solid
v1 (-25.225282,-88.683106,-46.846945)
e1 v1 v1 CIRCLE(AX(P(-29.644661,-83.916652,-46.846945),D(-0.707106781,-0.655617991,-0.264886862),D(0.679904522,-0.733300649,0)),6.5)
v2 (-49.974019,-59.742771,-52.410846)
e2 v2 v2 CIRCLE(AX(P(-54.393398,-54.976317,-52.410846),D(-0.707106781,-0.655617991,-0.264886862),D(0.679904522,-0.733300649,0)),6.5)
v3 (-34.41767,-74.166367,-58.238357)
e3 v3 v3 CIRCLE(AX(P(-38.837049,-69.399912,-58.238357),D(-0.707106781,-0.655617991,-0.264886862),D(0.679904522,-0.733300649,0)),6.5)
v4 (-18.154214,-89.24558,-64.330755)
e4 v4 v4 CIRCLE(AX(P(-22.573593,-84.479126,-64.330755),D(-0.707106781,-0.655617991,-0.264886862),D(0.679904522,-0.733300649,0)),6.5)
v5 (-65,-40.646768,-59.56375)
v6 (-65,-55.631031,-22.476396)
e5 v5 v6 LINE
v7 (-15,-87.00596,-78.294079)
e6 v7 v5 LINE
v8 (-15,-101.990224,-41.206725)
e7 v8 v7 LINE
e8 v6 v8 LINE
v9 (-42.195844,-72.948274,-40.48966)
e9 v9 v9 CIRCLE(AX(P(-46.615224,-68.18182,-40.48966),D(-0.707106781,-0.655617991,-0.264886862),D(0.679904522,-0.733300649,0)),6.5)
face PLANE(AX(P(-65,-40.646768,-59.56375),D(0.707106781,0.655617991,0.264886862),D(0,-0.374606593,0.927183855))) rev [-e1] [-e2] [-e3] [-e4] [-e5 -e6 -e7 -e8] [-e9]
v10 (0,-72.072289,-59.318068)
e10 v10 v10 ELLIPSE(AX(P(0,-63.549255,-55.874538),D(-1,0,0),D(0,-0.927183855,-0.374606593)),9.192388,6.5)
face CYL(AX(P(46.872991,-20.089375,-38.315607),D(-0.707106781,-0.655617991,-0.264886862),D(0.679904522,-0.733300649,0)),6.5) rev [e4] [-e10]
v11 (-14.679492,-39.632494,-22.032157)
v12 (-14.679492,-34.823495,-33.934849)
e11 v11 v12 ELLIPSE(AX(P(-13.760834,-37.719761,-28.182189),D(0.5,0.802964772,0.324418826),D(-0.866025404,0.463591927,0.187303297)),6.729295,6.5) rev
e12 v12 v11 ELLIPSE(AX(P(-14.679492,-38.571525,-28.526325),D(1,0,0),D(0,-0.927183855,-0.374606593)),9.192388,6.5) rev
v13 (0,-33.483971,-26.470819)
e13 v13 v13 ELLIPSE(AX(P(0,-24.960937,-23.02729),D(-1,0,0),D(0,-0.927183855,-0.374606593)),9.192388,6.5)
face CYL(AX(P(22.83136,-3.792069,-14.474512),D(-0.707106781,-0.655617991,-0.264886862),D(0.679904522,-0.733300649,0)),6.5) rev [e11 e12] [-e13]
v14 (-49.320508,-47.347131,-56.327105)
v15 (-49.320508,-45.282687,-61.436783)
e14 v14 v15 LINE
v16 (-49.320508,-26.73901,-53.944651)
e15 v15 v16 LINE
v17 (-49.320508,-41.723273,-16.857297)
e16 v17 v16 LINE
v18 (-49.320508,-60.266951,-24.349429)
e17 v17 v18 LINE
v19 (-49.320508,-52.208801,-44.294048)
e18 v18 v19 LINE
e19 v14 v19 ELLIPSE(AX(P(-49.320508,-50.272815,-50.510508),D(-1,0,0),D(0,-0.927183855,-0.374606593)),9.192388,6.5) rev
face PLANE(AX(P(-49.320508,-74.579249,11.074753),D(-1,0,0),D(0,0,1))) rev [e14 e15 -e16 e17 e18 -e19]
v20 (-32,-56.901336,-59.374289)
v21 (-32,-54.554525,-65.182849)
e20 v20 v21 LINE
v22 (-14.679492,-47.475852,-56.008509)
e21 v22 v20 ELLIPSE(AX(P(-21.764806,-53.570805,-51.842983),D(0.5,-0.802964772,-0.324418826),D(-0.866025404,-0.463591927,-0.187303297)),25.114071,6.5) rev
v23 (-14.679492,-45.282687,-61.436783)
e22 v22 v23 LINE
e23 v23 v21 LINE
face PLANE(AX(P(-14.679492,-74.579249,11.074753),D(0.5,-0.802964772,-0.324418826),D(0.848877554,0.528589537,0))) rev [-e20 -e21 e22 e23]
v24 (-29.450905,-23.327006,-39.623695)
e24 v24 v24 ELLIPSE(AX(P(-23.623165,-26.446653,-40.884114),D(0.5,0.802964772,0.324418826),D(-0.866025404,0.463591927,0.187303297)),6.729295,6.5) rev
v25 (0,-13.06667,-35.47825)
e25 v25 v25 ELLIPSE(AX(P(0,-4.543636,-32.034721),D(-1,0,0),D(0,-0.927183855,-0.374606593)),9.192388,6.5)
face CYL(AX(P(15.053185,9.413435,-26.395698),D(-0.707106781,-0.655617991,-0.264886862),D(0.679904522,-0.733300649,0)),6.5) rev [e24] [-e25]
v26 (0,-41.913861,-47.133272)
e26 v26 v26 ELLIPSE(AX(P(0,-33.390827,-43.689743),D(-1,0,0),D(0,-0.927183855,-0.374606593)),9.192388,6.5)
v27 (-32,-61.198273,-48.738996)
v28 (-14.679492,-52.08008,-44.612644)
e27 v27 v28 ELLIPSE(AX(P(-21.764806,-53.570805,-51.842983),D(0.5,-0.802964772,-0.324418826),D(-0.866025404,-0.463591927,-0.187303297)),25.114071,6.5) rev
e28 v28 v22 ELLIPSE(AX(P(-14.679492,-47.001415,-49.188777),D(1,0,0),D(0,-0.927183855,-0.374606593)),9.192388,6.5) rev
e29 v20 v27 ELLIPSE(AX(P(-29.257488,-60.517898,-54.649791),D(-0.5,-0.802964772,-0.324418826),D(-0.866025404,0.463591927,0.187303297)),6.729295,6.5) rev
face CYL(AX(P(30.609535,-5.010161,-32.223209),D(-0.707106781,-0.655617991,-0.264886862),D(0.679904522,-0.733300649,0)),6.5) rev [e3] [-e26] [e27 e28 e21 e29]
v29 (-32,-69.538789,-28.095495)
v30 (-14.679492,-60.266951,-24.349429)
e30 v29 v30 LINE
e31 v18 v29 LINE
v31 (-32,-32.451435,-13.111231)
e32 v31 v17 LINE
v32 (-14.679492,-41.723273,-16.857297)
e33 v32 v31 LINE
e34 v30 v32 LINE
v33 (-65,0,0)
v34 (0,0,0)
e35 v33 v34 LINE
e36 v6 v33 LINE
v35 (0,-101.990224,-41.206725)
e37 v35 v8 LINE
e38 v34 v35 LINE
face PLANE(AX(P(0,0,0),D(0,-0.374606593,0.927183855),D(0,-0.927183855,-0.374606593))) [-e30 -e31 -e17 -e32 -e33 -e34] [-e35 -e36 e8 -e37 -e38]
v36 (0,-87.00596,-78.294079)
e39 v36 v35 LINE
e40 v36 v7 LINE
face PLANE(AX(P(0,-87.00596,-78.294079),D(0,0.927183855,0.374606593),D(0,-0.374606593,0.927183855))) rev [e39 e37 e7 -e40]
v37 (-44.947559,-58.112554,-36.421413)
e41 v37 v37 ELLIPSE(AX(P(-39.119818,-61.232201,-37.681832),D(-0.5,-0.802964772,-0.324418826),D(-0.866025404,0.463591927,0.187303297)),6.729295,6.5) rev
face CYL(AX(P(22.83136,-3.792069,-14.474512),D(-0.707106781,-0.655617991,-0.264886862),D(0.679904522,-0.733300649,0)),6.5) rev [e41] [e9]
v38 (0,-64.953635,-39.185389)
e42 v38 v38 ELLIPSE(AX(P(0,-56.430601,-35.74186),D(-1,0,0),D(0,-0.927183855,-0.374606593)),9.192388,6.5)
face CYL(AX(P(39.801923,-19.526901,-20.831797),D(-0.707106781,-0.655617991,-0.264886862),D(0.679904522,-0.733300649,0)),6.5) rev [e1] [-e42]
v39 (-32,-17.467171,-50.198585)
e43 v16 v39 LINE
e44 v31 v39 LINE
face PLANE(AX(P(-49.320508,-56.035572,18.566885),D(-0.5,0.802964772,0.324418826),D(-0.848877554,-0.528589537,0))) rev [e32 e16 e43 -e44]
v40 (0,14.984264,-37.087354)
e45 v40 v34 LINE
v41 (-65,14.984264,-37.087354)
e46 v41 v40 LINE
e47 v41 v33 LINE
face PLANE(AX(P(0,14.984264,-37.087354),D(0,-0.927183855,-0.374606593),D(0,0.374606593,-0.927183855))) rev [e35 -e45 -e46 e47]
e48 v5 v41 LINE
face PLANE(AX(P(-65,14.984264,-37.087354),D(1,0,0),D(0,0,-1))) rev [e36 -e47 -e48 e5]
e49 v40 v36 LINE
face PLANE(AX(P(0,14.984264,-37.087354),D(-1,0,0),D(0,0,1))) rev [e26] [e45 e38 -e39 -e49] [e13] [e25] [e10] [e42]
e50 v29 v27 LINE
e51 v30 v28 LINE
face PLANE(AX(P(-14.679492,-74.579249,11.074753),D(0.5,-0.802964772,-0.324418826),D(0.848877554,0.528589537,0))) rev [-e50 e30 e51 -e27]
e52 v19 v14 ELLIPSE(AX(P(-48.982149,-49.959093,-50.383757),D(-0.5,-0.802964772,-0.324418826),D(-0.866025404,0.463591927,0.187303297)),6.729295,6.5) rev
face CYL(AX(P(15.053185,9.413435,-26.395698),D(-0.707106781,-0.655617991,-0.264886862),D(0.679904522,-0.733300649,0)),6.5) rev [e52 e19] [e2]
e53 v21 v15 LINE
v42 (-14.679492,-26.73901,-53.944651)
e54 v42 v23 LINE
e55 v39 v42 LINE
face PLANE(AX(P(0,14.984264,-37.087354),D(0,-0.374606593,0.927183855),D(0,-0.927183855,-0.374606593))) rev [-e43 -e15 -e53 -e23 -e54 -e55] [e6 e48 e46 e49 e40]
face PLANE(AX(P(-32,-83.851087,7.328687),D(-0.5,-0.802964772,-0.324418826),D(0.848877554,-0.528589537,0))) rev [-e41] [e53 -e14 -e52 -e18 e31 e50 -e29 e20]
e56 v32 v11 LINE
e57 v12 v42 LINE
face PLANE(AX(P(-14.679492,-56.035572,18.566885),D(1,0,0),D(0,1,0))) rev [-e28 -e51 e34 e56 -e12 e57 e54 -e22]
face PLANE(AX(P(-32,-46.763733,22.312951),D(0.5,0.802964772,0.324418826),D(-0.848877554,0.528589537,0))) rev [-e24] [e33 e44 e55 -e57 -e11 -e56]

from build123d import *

# Parameters (mm, degrees)
SKETCH1_W           = 110
SKETCH1_H           = 65
BOSS_EXTRUDE1_DEPTH = 40
CHAMFER1_SIZE       = 50
SKETCH2_R           = 6.5
CUT_EXTRUDE1_DEPTH  = 99.212300536
CUT_EXTRUDE2_DEPTH  = 79.206210375


with BuildPart() as part:
    # Sketch1 → Boss-Extrude1 (new body)
    with BuildSketch(Plane(origin=(0, 0, 0), x_dir=(0, -0.927183855, -0.374606593), z_dir=(0, 0.374606593, -0.927183855))):
        with Locations((55, 32.5)):
            Rectangle(SKETCH1_W, SKETCH1_H)
    extrude(amount=BOSS_EXTRUDE1_DEPTH)

    # Chamfer1
    chamfer1_edges = [part.edges().sort_by_distance(p)[0] for p in [
        (-65, -94.498092134, -59.750402367),
    ]]
    chamfer(chamfer1_edges, length=CHAMFER1_SIZE)

    # Sketch2 → Cut-Extrude1 (cut, through all)
    with BuildSketch(Plane(origin=(-62.5, -57.94899091, -23.412912088), x_dir=(0.194241708, 0.180097776, -0.964279498), z_dir=(-0.707106781, -0.655617991, -0.264886862))):
        with Locations((24.302116706, 41.380596093)):
            Circle(SKETCH2_R)
        with Locations((36.115509488, 24.485515419)):
            Circle(SKETCH2_R)
        with Locations((17.709334516, 18.30387139)):
            Circle(SKETCH2_R)
        with Locations((30.072125815, 3.331851109)):
            Circle(SKETCH2_R)
        with Locations((42.43359242, 46.600709926)):
            Circle(SKETCH2_R)
    extrude(amount=-CUT_EXTRUDE1_DEPTH, mode=Mode.SUBTRACT)

    # Sketch3 → Cut-Extrude2 (cut, through all)
    with BuildSketch(Plane(origin=(0, 14.984263737, -37.087354183), x_dir=(0, -0.927183855, -0.374606593), z_dir=(0, 0.374606593, -0.927183855))):
        Polygon((45, 14.679491924), (65, 14.679491924), (75, 32), (65, 49.320508076), (45, 49.320508076), (35, 32), align=None)
    extrude(amount=-CUT_EXTRUDE2_DEPTH, mode=Mode.SUBTRACT)


solid = part.part
